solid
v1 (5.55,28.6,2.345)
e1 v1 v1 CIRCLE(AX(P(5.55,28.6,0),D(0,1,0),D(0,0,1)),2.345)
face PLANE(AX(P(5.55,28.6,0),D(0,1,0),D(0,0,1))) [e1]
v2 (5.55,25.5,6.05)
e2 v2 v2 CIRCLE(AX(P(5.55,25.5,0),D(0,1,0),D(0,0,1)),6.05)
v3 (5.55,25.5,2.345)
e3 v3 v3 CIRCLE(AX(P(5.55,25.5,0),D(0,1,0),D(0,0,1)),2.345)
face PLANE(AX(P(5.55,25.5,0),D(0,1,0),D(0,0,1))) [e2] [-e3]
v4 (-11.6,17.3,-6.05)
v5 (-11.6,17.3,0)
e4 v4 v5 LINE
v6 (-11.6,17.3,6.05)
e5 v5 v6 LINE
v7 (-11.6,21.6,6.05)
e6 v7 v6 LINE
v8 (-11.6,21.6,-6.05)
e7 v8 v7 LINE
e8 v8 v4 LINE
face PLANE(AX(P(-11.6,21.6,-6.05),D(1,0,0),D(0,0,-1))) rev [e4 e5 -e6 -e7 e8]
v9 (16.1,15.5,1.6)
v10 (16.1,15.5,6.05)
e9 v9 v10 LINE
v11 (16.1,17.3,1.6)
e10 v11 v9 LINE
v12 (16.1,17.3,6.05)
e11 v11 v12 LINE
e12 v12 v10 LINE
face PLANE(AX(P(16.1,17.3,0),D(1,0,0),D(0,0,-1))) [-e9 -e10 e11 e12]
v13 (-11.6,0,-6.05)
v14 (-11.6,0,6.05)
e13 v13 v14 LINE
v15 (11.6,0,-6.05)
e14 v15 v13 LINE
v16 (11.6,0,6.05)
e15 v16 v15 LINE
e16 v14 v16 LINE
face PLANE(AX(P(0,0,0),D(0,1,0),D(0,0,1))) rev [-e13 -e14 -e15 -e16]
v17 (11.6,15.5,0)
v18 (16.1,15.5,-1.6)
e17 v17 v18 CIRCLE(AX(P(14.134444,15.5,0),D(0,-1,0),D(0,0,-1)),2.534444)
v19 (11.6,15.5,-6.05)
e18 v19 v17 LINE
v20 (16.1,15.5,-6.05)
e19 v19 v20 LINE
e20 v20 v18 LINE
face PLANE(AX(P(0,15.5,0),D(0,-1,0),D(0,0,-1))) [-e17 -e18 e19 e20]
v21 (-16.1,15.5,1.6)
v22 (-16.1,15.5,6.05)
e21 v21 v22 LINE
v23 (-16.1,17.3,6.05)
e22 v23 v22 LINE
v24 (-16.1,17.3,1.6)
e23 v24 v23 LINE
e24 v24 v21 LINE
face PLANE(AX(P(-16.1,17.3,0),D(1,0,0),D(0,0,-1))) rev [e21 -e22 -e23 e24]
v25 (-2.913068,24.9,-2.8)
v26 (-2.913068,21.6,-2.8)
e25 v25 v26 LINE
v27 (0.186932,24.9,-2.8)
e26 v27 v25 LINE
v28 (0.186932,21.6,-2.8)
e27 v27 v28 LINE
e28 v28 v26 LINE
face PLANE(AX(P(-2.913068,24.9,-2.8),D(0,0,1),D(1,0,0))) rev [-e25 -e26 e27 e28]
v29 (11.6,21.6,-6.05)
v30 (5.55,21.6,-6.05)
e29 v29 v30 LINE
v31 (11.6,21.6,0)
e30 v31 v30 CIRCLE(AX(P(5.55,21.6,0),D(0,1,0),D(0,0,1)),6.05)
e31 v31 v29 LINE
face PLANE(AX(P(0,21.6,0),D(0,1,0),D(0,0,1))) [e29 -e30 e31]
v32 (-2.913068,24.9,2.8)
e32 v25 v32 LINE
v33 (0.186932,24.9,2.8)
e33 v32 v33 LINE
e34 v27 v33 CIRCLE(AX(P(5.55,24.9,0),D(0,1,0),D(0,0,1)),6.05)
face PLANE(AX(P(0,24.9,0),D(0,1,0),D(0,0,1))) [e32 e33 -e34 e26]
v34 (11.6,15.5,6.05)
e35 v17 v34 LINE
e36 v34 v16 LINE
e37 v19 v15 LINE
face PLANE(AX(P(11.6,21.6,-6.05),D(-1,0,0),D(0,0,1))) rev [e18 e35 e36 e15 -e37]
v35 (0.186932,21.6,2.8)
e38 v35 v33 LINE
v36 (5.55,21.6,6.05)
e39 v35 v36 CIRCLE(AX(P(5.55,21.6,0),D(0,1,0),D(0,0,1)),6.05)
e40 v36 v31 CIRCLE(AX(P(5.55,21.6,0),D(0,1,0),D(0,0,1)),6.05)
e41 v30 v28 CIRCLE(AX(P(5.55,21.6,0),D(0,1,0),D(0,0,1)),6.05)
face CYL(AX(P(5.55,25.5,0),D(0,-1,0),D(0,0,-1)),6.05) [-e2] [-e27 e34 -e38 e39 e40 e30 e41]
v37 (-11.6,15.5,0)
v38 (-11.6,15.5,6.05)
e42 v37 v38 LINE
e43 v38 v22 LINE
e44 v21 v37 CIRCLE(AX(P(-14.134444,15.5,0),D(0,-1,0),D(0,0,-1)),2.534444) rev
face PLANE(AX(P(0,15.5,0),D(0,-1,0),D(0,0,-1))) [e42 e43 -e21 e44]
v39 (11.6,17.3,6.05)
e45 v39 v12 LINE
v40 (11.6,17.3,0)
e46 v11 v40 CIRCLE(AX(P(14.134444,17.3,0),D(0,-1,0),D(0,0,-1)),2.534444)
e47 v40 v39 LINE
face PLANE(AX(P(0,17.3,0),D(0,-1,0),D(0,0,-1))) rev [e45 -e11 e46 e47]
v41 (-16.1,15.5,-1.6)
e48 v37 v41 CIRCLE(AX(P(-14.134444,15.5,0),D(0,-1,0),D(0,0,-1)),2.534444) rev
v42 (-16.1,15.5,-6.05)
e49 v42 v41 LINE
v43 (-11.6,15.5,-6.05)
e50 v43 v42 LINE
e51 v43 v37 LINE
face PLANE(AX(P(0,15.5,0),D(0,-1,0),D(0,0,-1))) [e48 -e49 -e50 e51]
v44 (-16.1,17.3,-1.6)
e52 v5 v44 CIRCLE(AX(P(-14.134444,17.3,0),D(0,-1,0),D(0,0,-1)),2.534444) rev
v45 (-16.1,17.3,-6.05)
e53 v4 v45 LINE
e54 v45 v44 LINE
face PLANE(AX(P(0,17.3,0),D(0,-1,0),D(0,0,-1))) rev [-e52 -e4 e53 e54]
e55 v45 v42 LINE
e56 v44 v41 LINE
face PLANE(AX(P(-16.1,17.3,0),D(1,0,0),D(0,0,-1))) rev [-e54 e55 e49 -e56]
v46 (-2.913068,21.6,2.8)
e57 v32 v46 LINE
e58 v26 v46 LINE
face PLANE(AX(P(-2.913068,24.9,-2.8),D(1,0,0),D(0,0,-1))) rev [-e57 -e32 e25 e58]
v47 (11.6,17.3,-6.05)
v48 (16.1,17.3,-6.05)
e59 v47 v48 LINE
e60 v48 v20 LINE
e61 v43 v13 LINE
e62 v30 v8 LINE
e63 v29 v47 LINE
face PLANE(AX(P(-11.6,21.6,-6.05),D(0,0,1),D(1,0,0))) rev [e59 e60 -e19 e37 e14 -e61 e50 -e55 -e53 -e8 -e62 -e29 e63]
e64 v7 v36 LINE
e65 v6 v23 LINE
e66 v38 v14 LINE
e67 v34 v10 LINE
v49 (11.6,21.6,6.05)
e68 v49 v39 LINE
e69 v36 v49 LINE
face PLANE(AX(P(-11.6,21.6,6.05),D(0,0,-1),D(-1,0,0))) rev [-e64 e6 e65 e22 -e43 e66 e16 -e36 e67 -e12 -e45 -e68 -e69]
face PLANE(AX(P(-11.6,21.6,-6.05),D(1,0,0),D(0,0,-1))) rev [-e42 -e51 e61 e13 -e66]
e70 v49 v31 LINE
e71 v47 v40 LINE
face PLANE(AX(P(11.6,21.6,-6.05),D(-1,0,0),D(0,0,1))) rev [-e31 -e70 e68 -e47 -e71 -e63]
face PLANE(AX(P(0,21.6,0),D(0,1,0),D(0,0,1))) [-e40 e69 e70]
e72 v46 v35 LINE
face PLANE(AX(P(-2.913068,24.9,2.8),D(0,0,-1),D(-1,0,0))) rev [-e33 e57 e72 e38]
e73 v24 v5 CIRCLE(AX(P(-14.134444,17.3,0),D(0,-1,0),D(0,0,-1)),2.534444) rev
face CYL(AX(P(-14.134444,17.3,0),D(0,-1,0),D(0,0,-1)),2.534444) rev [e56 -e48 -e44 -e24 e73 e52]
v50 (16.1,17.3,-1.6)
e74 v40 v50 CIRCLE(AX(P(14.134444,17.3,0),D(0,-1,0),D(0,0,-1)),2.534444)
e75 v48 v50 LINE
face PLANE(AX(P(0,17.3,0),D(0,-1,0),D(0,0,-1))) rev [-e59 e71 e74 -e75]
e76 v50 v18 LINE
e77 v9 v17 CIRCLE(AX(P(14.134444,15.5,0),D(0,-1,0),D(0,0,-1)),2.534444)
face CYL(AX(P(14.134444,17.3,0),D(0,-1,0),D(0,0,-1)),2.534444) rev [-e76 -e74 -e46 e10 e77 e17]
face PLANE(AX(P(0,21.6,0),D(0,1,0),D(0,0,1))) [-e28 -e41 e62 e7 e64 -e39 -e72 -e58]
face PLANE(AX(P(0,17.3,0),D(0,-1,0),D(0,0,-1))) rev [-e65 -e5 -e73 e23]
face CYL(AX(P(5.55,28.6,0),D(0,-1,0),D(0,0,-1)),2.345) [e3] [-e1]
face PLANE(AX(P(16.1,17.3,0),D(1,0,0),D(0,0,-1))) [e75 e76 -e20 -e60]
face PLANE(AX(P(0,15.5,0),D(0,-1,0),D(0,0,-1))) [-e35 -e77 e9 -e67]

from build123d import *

# Parameters (mm, degrees)
SKETCH1_W           = 23.2
SKETCH1_H           = 12.1
BOSS_EXTRUDE1_DEPTH = 21.6
BOSS_EXTRUDE2_DEPTH = 1.8
SKETCH5_R           = 6.05
BOSS_EXTRUDE3_DEPTH = 3.9
SKETCH6_R           = 2.345
BOSS_EXTRUDE4_DEPTH = 3.1
SKETCH7_W           = 3.926136304
SKETCH7_H           = 5.6
BOSS_EXTRUDE5_DEPTH = 3.3


with BuildPart() as part:
    # Sketch1 → Boss-Extrude1 (new body)
    with BuildSketch(Plane(origin=(0, 0, 0), x_dir=(1, 0, 0), z_dir=(0, 1, 0))):
        Rectangle(SKETCH1_W, SKETCH1_H)
    extrude(amount=BOSS_EXTRUDE1_DEPTH)

    # Sketch3 → Boss-Extrude2 (add)
    with BuildSketch(Plane(origin=(0, 15.5, 0), x_dir=(-1, 0, 0), z_dir=(0, -1, 0))):
        with BuildLine():
            Line((-11.6, 2.8e-08), (-11.6, 6.05))
            Line((-11.6, 6.05), (-16.1, 6.05))
            Line((-16.1, 6.05), (-16.1, 1.6))
            ThreePointArc((-16.1, 1.6), (-13.285381067, 2.387990792), (-11.6, 2.8e-08))
        make_face()
        with BuildLine():
            Line((-11.6, -6.05), (-11.6, 2.8e-08))
            ThreePointArc((-11.6, 2.8e-08), (-13.28538104, -2.387990782), (-16.1, -1.6))
            Line((-16.1, -1.6), (-16.1, -6.05))
            Line((-16.1, -6.05), (-11.6, -6.05))
        make_face()
        with BuildLine():
            ThreePointArc((16.1, -1.6), (13.285381054, -2.387990787), (11.6, -1e-09))
            Line((11.6, -1e-09), (11.6, -6.05))
            Line((11.6, -6.05), (16.1, -6.05))
            Line((16.1, -6.05), (16.1, -1.6))
        make_face()
        with BuildLine():
            Line((16.1, 1.6), (16.1, 6.05))
            Line((16.1, 6.05), (11.6, 6.05))
            Line((11.6, 6.05), (11.6, -1e-09))
            ThreePointArc((11.6, -1e-09), (13.285381053, 2.387990787), (16.1, 1.6))
        make_face()
    extrude(amount=-BOSS_EXTRUDE2_DEPTH)

    # Sketch5 → Boss-Extrude3 (add)
    with BuildSketch(Plane(origin=(0, 21.6, 0), x_dir=(1, 0, 0), z_dir=(0, 1, 0))):
        with Locations((5.55, 0)):
            Circle(SKETCH5_R)
    extrude(amount=BOSS_EXTRUDE3_DEPTH)

    # Sketch6 → Boss-Extrude4 (add)
    with BuildSketch(Plane(origin=(0, 25.5, 0), x_dir=(1, 0, 0), z_dir=(0, 1, 0))):
        with Locations((5.55, 0)):
            Circle(SKETCH6_R)
    extrude(amount=BOSS_EXTRUDE4_DEPTH)

    # Sketch7 → Boss-Extrude5 (add)
    with BuildSketch(Plane(origin=(0, 21.6, 0), x_dir=(1, 0, 0), z_dir=(0, 1, 0))):
        with Locations((-0.95, 0)):
            Rectangle(SKETCH7_W, SKETCH7_H)
    extrude(amount=BOSS_EXTRUDE5_DEPTH)


solid = part.part
